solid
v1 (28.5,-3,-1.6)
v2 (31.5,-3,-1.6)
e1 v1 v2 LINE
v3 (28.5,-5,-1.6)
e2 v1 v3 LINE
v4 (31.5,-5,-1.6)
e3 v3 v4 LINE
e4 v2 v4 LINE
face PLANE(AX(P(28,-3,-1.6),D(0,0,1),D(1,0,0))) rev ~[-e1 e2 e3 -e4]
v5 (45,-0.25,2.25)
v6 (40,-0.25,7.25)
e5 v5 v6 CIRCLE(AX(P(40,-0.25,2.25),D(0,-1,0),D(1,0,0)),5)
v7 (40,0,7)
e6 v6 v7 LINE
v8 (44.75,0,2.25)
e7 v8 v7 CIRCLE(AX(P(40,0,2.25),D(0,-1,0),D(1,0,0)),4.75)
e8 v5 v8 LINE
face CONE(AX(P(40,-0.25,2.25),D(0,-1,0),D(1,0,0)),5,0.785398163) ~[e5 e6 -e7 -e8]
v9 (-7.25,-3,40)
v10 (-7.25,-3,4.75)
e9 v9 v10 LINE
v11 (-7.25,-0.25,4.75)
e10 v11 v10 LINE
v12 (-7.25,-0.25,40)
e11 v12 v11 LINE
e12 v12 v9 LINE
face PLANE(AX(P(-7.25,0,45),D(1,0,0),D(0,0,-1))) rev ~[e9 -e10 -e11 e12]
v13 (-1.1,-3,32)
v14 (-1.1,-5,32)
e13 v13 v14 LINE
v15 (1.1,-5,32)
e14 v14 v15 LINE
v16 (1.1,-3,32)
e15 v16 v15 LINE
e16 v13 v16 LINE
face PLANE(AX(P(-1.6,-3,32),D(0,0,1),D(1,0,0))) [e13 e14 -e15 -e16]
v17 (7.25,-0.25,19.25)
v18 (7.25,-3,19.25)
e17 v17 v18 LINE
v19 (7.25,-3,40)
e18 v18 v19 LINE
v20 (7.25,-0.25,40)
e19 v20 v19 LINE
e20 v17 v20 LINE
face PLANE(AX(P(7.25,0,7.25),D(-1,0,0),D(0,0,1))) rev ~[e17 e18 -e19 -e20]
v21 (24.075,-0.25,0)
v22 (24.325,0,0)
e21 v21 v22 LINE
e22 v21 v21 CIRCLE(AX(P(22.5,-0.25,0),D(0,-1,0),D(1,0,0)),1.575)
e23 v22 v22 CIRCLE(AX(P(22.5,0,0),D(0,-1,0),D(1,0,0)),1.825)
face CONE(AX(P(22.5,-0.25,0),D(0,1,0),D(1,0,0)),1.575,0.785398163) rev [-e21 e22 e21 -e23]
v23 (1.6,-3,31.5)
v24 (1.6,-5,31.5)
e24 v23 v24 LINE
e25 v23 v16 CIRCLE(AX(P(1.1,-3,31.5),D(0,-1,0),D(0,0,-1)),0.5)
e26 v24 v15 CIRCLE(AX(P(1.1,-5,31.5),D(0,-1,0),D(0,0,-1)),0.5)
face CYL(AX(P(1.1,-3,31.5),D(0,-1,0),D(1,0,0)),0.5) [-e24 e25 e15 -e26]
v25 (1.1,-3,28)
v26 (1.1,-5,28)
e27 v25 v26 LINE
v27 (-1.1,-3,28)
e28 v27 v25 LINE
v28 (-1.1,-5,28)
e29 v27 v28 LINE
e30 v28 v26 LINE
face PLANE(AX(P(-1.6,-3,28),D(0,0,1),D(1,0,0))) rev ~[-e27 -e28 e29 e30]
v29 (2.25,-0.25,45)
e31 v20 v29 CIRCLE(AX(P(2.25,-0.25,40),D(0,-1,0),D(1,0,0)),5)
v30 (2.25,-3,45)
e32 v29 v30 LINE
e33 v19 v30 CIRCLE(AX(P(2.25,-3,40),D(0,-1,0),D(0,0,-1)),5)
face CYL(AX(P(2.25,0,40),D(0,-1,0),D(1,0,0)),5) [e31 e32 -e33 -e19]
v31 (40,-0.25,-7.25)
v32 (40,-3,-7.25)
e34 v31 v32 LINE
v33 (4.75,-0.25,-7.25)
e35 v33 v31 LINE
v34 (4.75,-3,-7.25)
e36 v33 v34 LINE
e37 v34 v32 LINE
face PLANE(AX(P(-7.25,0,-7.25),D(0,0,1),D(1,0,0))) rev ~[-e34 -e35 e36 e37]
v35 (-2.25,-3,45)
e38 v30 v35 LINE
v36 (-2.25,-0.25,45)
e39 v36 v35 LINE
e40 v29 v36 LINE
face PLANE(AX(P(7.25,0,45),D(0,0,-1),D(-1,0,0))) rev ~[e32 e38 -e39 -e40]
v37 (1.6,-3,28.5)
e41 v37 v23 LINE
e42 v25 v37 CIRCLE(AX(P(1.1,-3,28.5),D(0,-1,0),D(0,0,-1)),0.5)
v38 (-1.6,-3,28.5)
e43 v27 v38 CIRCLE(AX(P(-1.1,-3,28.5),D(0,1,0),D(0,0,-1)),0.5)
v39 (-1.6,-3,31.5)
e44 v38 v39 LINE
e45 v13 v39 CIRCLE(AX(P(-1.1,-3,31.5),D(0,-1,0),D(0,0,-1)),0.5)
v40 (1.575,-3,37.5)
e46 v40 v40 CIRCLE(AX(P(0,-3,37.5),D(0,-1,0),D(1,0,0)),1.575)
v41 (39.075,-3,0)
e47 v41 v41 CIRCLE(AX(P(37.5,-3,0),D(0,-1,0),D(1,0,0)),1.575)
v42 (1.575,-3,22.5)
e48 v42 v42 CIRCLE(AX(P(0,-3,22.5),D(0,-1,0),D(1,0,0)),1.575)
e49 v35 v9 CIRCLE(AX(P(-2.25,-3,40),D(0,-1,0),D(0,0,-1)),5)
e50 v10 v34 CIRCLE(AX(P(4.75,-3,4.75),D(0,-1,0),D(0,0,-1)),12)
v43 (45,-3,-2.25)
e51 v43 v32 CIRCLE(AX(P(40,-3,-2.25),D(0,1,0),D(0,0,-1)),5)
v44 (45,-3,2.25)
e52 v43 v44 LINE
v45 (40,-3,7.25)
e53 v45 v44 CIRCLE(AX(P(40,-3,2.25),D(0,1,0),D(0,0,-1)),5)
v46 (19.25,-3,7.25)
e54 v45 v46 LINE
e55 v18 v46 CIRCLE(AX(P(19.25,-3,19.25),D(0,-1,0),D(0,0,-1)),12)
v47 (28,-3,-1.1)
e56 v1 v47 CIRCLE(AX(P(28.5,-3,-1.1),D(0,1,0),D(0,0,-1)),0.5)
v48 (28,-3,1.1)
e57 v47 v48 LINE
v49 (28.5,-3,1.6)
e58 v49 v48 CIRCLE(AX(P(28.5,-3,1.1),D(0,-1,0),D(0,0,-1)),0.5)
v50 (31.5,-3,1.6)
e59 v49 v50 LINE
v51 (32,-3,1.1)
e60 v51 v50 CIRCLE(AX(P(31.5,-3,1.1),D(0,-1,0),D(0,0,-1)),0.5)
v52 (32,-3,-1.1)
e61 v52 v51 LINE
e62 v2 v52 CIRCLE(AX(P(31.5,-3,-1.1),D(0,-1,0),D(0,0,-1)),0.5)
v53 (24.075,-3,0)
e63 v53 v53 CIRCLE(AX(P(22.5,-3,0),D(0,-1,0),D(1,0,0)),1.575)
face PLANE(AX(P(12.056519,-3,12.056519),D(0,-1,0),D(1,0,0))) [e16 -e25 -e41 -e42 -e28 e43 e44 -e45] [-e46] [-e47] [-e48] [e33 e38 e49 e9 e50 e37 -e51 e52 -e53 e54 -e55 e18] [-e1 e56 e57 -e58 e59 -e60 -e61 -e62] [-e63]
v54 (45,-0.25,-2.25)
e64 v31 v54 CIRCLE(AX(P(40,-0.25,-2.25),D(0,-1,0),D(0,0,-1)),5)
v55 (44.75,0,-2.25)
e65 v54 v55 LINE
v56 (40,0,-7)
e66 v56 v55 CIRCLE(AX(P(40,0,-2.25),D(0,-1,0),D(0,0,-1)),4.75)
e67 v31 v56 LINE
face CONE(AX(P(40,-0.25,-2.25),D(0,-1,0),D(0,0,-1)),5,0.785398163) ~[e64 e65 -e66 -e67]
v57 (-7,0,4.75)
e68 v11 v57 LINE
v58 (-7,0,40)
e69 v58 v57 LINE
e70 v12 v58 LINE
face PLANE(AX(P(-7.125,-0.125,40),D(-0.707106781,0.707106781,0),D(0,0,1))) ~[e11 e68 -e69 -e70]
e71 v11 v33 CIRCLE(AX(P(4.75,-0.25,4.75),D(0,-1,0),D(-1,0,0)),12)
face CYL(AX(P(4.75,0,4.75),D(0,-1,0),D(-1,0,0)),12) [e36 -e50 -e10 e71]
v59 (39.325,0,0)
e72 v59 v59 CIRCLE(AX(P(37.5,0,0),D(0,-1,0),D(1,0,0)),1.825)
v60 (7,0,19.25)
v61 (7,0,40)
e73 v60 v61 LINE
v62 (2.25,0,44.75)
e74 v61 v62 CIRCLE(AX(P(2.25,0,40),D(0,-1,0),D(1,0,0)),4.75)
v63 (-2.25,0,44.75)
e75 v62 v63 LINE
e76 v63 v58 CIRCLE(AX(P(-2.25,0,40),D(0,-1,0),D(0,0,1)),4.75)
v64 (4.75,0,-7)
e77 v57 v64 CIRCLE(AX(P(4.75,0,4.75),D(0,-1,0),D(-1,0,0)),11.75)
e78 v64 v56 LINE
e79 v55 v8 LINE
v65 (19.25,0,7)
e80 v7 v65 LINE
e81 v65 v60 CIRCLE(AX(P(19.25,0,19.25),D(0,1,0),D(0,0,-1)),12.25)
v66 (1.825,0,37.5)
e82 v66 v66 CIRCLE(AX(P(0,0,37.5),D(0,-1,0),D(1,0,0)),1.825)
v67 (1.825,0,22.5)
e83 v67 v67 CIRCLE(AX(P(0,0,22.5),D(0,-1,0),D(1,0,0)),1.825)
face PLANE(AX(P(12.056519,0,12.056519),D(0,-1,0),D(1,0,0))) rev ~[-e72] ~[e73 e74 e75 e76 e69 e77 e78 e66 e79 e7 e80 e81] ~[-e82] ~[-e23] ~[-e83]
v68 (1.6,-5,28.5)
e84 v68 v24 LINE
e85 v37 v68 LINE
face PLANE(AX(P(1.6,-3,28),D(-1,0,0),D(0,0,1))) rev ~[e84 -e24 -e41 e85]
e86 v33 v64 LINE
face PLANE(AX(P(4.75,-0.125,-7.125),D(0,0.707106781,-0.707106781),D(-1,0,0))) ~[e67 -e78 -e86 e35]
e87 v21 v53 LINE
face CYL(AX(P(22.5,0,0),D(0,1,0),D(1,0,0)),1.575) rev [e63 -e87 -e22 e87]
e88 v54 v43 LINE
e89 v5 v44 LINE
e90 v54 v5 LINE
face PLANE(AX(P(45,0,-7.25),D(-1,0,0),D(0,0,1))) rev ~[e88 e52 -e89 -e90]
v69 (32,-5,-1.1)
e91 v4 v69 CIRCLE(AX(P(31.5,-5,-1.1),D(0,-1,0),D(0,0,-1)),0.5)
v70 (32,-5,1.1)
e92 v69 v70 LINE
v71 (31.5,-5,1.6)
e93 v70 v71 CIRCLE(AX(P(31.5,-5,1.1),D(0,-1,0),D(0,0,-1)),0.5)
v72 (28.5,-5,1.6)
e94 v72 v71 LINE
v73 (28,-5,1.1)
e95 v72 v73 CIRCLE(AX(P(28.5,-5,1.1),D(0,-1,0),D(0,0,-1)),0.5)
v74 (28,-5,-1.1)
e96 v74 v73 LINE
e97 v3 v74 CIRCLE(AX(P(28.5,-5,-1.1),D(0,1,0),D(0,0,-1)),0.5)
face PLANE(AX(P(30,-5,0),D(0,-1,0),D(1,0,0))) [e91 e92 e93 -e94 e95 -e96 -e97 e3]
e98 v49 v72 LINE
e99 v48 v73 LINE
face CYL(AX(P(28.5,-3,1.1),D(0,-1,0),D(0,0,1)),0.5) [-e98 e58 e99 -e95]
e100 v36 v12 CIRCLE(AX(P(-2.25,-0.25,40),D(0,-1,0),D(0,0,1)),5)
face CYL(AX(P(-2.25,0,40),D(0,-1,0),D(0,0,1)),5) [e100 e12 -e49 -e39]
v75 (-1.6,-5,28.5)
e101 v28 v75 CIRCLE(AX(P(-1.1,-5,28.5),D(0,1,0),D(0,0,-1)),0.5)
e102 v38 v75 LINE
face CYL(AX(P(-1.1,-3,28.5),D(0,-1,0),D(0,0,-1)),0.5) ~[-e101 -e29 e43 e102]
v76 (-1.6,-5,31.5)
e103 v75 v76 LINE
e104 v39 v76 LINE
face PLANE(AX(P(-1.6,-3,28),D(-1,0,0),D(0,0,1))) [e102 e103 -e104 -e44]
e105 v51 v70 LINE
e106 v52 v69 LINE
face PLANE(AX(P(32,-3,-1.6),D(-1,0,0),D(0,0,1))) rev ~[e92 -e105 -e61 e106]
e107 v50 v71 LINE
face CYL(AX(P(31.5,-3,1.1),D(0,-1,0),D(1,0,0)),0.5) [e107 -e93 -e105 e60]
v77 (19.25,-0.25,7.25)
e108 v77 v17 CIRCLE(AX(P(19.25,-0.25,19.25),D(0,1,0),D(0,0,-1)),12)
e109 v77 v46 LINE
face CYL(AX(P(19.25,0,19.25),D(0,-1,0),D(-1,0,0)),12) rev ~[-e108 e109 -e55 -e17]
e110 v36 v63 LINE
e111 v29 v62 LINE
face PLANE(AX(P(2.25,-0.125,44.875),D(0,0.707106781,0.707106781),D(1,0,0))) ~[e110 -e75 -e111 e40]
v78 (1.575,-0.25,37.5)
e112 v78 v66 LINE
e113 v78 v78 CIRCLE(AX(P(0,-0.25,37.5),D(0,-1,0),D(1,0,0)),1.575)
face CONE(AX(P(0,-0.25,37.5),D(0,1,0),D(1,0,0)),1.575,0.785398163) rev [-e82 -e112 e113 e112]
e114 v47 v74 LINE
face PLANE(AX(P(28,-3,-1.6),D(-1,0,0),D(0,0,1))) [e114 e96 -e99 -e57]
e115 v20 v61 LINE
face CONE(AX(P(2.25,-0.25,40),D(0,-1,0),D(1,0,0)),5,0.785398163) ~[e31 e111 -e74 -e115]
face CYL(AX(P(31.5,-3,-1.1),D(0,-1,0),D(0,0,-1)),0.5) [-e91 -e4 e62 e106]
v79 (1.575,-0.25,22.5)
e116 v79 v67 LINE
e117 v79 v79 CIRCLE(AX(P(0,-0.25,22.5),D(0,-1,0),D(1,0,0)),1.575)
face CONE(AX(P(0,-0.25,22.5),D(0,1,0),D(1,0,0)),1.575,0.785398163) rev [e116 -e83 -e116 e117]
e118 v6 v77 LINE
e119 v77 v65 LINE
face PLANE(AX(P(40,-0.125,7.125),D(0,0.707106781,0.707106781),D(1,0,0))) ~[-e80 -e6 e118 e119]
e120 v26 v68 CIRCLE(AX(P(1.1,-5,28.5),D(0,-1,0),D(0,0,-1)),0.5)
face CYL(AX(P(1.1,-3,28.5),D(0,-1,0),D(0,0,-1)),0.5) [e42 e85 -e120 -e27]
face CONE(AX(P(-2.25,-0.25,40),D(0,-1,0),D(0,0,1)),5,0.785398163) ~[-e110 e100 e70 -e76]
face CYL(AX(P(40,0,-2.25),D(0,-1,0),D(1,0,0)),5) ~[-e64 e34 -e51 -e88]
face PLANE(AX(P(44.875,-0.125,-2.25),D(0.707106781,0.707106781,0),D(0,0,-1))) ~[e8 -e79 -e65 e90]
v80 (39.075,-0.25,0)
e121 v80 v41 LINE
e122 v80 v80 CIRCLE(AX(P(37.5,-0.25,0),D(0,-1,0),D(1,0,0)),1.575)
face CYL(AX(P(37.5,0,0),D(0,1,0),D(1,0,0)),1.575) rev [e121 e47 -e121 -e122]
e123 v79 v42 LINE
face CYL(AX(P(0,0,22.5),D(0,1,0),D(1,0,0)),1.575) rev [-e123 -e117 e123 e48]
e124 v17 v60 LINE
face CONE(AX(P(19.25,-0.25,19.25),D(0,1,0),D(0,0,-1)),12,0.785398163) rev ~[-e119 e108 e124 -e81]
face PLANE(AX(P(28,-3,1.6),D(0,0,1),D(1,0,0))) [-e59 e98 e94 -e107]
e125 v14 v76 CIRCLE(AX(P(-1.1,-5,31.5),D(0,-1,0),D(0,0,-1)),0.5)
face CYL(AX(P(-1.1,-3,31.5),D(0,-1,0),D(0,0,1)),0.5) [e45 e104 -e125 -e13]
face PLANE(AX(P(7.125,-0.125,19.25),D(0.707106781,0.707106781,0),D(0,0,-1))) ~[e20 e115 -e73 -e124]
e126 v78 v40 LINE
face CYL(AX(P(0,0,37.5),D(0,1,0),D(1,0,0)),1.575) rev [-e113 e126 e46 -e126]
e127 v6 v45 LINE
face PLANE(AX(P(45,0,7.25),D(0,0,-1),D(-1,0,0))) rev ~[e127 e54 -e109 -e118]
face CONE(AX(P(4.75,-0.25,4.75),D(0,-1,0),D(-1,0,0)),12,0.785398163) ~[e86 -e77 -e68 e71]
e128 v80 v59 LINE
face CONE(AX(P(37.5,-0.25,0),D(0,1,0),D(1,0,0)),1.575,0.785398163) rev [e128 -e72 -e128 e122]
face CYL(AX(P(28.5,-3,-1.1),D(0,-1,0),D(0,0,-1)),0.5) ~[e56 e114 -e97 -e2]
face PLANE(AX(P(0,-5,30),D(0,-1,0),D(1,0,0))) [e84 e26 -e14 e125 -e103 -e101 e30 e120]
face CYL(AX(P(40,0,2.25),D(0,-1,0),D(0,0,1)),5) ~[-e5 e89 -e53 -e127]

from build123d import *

# Parameters (mm, degrees)
F0_R     = 1.575
F1_DEPTH = 3
F2_R     = 5
F3_R     = 12
F4_W     = 3.2
F4_H     = 4
F4_W_2   = 4
F4_H_2   = 3.2
F5_DEPTH = 2
F6_R     = 0.5
F7_SIZE  = 0.25


with BuildPart() as f1:
    # F0 (on Front) → F1 (new body)
    with BuildSketch(Plane.XZ):
        Polygon((7.25, 7.25), (7.25, 45), (-7.25, 45), (-7.25, -7.25), (45, -7.25), (45, 7.25), align=None)
        with Locations((22.5, 0)):
            Circle(F0_R, mode=Mode.SUBTRACT)
        with Locations((37.5, 0)):
            Circle(F0_R, mode=Mode.SUBTRACT)
        with Locations((0, 22.5)):
            Circle(F0_R, mode=Mode.SUBTRACT)
        with Locations((0, 37.5)):
            Circle(F0_R, mode=Mode.SUBTRACT)
    extrude(amount=F1_DEPTH)

    # F2
    f2_edges = [f1.edges().sort_by_distance(p)[0] for p in [
        (-7.25, -1.5, 45),
        (7.25, -1.5, 45),
        (45, -1.5, 7.25),
        (45, -1.5, -7.25),
    ]]
    fillet(f2_edges, radius=F2_R)

    # F3
    f3_edges = [f1.edges().sort_by_distance(p)[0] for p in [
        (7.25, -1.5, 7.25),
        (-7.25, -1.5, -7.25),
    ]]
    fillet(f3_edges, radius=F3_R)

    # F4 (on face) → F5 (join)
    with BuildSketch(Plane.XZ.offset(3)):
        with Locations((0, 30)):
            Rectangle(F4_W, F4_H)
        with Locations((30, 0)):
            Rectangle(F4_W_2, F4_H_2)
    extrude(amount=F5_DEPTH)

    # F6
    f6_edges = [f1.edges().sort_by_distance(p)[0] for p in [
        (28, -4, -1.6),
        (32, -4, -1.6),
        (32, -4, 1.6),
        (28, -4, 1.6),
        (-1.6, -4, 28),
        (-1.6, -4, 32),
        (1.6, -4, 28),
        (1.6, -4, 32),
    ]]
    fillet(f6_edges, radius=F6_R)

    # F7
    f7_edges = [f1.edges().sort_by_distance(p)[0] for p in [
        (7.25, 0, 29.625),
        (10.764719, 0, 10.764719),
        (5.785534, 0, 43.535534),
        (29.625, 0, 7.25),
        (0, 0, 45),
        (43.535534, 0, 5.785534),
        (-5.785534, 0, 43.535534),
        (45, 0, 0),
        (-7.25, 0, 22.375),
        (43.535534, 0, -5.785534),
        (-3.735281, 0, -3.735281),
        (22.375, 0, -7.25),
        (20.925, 0, 0),
        (35.925, 0, 0),
        (-1.575, 0, 22.5),
        (-1.575, 0, 37.5),
    ]]
    chamfer(f7_edges, length=F7_SIZE)


solid = f1.part
